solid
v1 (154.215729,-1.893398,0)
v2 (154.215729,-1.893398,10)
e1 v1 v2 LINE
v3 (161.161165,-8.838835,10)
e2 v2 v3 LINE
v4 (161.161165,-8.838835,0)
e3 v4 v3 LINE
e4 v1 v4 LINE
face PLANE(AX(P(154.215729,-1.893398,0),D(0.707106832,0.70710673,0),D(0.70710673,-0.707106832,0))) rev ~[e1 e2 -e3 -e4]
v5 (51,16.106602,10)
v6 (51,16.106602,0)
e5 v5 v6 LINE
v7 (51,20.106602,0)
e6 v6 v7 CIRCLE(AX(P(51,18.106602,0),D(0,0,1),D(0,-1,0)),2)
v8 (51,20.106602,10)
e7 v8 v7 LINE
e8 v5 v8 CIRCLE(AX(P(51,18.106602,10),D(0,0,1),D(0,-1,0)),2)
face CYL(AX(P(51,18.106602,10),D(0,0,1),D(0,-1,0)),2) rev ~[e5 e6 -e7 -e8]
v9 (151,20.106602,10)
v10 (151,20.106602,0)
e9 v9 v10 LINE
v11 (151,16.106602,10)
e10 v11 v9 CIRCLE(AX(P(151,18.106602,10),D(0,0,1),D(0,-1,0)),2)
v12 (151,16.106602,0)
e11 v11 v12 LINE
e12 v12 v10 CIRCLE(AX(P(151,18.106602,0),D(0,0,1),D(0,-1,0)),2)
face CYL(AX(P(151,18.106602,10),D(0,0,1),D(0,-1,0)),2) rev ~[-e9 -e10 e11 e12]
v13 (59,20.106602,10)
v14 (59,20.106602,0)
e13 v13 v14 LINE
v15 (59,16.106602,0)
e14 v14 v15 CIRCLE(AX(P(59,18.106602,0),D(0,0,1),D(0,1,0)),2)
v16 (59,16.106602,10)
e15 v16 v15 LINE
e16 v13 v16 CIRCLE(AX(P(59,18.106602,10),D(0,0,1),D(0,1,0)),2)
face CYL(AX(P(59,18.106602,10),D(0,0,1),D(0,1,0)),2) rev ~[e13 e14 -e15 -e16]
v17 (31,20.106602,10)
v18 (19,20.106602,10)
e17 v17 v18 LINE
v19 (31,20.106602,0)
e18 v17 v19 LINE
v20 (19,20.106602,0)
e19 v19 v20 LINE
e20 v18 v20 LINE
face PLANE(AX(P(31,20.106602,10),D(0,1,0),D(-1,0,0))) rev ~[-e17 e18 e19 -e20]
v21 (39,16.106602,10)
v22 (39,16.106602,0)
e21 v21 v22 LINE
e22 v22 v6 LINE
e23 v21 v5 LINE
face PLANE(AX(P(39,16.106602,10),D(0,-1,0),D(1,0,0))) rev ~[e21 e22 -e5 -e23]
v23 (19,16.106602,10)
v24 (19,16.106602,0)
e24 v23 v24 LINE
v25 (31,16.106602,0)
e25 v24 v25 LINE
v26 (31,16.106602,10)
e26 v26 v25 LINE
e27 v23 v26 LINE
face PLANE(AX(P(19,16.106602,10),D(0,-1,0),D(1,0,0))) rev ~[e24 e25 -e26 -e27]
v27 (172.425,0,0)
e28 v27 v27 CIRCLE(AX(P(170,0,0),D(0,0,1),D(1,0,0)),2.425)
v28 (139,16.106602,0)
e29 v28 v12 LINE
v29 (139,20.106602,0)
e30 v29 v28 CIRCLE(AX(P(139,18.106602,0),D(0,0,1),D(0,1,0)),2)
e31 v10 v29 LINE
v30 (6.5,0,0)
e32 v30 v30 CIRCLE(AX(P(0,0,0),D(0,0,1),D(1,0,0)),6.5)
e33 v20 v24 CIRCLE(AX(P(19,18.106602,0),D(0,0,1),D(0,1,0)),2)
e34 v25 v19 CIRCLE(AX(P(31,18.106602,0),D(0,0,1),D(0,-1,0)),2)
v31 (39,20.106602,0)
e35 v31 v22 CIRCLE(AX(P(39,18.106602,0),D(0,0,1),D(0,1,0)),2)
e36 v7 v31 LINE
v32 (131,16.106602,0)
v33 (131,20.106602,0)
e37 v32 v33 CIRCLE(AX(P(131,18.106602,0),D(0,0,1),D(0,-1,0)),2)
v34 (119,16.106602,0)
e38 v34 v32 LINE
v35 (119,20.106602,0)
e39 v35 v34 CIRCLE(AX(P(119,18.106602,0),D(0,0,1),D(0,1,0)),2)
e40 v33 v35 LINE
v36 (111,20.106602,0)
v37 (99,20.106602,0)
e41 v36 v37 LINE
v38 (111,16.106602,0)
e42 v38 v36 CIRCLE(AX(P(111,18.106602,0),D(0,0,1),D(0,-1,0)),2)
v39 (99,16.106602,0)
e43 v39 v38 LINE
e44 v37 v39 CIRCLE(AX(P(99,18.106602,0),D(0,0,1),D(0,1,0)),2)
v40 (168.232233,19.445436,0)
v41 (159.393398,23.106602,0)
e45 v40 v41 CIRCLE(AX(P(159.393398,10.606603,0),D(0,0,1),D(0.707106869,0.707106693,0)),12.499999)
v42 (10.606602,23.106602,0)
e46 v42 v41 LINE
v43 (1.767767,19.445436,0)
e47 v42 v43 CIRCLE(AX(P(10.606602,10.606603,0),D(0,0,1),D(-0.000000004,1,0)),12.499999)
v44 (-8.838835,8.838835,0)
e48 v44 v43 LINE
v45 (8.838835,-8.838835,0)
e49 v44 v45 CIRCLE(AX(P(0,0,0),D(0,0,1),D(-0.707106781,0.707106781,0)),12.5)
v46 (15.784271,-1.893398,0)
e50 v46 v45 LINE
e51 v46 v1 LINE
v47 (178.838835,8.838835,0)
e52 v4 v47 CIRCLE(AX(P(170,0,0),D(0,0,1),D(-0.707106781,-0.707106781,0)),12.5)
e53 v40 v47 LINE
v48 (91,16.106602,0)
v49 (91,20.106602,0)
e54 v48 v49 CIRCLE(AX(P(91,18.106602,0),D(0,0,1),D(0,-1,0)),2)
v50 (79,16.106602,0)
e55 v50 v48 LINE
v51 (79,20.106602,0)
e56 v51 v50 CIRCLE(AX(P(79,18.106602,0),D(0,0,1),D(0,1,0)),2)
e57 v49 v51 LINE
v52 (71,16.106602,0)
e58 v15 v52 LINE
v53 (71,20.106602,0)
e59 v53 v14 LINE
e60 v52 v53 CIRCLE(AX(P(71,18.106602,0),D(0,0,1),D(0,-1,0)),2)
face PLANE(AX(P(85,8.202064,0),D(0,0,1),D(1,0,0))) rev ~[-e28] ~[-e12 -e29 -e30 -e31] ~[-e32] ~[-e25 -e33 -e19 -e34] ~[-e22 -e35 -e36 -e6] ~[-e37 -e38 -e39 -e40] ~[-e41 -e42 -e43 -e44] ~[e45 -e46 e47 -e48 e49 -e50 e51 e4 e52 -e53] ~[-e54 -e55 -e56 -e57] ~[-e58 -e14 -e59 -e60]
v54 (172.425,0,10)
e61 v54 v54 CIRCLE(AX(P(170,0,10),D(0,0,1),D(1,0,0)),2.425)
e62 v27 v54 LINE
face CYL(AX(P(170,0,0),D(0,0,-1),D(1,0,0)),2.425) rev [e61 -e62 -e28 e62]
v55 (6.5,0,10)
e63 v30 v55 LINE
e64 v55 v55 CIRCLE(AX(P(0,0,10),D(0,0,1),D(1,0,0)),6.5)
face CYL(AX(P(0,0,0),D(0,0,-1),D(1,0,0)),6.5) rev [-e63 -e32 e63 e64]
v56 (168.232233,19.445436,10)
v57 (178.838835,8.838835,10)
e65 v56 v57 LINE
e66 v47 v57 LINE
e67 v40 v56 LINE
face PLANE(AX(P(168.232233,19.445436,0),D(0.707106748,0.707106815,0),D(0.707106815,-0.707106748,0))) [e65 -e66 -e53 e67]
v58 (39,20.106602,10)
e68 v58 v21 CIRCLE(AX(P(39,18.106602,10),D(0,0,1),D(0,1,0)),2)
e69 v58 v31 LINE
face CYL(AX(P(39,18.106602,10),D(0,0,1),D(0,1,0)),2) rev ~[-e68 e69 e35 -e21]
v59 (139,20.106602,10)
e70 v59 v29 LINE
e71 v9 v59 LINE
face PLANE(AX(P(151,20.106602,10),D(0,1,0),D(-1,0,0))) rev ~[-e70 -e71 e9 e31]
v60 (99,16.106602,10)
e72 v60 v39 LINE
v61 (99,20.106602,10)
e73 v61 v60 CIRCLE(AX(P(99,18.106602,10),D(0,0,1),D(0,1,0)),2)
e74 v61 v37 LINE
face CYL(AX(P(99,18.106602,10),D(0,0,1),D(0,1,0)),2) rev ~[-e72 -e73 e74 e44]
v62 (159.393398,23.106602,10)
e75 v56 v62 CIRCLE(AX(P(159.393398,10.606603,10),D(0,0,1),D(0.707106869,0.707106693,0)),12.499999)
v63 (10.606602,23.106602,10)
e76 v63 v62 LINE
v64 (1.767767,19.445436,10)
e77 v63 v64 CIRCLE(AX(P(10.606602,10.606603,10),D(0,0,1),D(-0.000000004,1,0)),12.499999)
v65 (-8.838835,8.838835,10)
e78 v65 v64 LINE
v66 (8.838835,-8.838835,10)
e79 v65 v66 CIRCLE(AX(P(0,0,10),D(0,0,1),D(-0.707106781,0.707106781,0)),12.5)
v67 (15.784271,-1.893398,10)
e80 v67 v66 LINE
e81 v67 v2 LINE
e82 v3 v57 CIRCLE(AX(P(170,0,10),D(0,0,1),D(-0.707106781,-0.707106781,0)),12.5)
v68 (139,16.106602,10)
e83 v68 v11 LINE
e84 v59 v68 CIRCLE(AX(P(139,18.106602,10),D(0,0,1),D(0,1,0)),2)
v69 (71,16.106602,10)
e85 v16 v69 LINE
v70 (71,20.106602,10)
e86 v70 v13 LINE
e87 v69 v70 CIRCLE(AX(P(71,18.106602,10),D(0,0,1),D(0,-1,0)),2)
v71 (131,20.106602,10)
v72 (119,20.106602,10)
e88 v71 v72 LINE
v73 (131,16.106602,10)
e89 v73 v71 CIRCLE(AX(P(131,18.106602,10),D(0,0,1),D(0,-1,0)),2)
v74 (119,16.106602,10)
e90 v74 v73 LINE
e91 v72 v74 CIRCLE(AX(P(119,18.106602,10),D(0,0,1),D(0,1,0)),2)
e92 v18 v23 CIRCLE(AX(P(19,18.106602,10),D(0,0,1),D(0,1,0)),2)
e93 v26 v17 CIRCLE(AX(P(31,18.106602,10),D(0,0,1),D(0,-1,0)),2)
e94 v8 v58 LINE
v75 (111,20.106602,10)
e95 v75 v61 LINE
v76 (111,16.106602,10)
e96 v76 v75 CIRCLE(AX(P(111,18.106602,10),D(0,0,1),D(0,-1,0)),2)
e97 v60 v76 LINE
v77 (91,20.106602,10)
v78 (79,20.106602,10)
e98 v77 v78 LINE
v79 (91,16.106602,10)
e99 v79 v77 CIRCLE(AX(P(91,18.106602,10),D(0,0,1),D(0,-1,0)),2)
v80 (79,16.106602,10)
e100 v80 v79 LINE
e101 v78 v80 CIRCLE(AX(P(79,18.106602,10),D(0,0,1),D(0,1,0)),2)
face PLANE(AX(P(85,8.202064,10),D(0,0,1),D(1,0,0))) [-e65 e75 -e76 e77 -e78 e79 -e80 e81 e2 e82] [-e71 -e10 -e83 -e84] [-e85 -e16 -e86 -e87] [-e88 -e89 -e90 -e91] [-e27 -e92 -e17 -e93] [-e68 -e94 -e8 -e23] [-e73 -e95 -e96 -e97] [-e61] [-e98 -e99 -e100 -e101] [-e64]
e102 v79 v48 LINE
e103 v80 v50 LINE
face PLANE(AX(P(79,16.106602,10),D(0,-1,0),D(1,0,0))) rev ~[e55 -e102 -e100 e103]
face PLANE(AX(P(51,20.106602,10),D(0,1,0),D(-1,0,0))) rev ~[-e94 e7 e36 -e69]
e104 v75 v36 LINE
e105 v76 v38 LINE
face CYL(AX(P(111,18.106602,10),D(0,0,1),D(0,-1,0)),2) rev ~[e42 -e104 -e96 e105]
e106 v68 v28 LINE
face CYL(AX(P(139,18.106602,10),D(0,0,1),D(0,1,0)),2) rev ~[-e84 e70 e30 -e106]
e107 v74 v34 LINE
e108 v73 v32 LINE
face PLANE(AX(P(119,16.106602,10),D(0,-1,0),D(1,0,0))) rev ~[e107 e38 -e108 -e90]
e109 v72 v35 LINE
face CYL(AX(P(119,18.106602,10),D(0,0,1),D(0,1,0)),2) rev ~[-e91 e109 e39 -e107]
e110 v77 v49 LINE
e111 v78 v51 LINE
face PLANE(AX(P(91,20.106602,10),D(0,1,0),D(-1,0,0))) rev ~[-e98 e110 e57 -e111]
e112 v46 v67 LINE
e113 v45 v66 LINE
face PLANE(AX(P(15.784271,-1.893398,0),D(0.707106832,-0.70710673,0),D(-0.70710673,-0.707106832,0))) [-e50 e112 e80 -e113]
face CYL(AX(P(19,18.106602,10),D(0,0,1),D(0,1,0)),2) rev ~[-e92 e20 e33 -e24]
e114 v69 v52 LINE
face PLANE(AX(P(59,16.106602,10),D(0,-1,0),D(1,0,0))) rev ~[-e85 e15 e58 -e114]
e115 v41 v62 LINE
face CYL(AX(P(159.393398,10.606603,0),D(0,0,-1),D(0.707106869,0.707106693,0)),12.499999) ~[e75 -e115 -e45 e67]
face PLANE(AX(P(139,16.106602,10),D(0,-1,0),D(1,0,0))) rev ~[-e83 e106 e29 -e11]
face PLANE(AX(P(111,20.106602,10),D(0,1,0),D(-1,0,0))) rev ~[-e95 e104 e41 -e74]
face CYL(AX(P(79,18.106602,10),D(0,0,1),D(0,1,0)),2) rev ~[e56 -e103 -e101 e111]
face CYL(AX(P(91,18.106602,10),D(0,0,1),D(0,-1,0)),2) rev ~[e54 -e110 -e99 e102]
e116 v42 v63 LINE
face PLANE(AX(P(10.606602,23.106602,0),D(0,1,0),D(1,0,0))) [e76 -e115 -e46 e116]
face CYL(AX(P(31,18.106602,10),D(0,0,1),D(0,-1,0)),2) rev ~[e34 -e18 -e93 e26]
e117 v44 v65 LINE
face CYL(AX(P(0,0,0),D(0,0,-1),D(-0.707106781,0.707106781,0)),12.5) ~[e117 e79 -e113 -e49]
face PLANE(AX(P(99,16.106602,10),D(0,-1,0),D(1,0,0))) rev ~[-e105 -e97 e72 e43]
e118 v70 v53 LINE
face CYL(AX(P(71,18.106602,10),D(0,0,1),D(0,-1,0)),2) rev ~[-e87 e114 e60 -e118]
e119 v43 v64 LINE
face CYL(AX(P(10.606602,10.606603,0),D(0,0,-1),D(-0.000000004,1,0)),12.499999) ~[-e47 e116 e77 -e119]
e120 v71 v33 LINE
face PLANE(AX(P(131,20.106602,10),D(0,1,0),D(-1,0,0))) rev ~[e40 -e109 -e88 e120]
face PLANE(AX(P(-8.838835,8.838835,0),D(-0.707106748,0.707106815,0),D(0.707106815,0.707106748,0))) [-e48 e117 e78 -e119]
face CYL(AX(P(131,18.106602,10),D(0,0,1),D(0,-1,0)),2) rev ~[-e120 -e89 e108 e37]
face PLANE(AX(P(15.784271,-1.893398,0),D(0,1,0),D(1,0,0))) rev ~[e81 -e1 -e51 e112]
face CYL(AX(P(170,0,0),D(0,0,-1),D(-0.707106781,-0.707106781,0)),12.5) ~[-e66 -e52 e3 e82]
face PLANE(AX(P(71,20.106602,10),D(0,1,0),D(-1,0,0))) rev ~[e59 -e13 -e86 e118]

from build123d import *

# Parameters (mm, degrees)
SKETCH_R               = 6.5
SKETCH_R_2             = 2.425
PAD_DEPTH              = 10
POCKET_DEPTH           = 15
LINEARPATTERN_COUNT    = 4
LINEARPATTERN_PITCH    = 20
LINEARPATTERN001_COUNT = 4
LINEARPATTERN001_PITCH = 20


with BuildPart() as part:
    # Sketch → Pad (new body)
    with BuildSketch(Plane.XY):
        with BuildLine():
            ThreePointArc((-8.838835, 8.838835), (-8.838835, -8.838835), (8.838835, -8.838835))
            Line((15.784271, -1.893398), (8.838835, -8.838835))
            Line((15.784271, -1.893398), (154.215729, -1.893398))
            Line((154.215729, -1.893398), (161.161165, -8.838835))
            ThreePointArc((161.161165, -8.838835), (178.838835, -8.838835), (178.838835, 8.838835))
            Line((168.232233, 19.445436), (178.838835, 8.838835))
            ThreePointArc((168.232233, 19.445436), (164.176941, 22.155096), (159.393398, 23.106602))
            Line((10.606602, 23.106602), (159.393398, 23.106602))
            ThreePointArc((10.606602, 23.106602), (5.823059, 22.155096), (1.767767, 19.445436))
            Line((-8.838835, 8.838835), (1.767767, 19.445436))
        make_face()
        Circle(SKETCH_R, mode=Mode.SUBTRACT)
        with Locations((170, 0)):
            Circle(SKETCH_R_2, mode=Mode.SUBTRACT)
    extrude(amount=PAD_DEPTH)

    # Sketch001 (on Face14 of Pad) → Pocket (cut)
    with BuildSketch(Plane.XY.offset(10)):
        with BuildLine():
            ThreePointArc((79, 20.106602), (77, 18.106602), (79, 16.106602))
            Line((79, 16.106602), (91, 16.106602))
            ThreePointArc((91, 16.106602), (93, 18.106602), (91, 20.106602))
            Line((91, 20.106602), (79, 20.106602))
        make_face()
    pocket = extrude(amount=-POCKET_DEPTH, mode=Mode.SUBTRACT)

    # LinearPattern: Pocket ×4
    with Locations(*[(i * LINEARPATTERN_PITCH, 0, 0) for i in range(1, LINEARPATTERN_COUNT)]):
        add(pocket, mode=Mode.SUBTRACT)

    # LinearPattern001: Pocket ×4
    with Locations(*[(-i * LINEARPATTERN001_PITCH, 0, 0) for i in range(1, LINEARPATTERN001_COUNT)]):
        add(pocket, mode=Mode.SUBTRACT)


solid = part.part
